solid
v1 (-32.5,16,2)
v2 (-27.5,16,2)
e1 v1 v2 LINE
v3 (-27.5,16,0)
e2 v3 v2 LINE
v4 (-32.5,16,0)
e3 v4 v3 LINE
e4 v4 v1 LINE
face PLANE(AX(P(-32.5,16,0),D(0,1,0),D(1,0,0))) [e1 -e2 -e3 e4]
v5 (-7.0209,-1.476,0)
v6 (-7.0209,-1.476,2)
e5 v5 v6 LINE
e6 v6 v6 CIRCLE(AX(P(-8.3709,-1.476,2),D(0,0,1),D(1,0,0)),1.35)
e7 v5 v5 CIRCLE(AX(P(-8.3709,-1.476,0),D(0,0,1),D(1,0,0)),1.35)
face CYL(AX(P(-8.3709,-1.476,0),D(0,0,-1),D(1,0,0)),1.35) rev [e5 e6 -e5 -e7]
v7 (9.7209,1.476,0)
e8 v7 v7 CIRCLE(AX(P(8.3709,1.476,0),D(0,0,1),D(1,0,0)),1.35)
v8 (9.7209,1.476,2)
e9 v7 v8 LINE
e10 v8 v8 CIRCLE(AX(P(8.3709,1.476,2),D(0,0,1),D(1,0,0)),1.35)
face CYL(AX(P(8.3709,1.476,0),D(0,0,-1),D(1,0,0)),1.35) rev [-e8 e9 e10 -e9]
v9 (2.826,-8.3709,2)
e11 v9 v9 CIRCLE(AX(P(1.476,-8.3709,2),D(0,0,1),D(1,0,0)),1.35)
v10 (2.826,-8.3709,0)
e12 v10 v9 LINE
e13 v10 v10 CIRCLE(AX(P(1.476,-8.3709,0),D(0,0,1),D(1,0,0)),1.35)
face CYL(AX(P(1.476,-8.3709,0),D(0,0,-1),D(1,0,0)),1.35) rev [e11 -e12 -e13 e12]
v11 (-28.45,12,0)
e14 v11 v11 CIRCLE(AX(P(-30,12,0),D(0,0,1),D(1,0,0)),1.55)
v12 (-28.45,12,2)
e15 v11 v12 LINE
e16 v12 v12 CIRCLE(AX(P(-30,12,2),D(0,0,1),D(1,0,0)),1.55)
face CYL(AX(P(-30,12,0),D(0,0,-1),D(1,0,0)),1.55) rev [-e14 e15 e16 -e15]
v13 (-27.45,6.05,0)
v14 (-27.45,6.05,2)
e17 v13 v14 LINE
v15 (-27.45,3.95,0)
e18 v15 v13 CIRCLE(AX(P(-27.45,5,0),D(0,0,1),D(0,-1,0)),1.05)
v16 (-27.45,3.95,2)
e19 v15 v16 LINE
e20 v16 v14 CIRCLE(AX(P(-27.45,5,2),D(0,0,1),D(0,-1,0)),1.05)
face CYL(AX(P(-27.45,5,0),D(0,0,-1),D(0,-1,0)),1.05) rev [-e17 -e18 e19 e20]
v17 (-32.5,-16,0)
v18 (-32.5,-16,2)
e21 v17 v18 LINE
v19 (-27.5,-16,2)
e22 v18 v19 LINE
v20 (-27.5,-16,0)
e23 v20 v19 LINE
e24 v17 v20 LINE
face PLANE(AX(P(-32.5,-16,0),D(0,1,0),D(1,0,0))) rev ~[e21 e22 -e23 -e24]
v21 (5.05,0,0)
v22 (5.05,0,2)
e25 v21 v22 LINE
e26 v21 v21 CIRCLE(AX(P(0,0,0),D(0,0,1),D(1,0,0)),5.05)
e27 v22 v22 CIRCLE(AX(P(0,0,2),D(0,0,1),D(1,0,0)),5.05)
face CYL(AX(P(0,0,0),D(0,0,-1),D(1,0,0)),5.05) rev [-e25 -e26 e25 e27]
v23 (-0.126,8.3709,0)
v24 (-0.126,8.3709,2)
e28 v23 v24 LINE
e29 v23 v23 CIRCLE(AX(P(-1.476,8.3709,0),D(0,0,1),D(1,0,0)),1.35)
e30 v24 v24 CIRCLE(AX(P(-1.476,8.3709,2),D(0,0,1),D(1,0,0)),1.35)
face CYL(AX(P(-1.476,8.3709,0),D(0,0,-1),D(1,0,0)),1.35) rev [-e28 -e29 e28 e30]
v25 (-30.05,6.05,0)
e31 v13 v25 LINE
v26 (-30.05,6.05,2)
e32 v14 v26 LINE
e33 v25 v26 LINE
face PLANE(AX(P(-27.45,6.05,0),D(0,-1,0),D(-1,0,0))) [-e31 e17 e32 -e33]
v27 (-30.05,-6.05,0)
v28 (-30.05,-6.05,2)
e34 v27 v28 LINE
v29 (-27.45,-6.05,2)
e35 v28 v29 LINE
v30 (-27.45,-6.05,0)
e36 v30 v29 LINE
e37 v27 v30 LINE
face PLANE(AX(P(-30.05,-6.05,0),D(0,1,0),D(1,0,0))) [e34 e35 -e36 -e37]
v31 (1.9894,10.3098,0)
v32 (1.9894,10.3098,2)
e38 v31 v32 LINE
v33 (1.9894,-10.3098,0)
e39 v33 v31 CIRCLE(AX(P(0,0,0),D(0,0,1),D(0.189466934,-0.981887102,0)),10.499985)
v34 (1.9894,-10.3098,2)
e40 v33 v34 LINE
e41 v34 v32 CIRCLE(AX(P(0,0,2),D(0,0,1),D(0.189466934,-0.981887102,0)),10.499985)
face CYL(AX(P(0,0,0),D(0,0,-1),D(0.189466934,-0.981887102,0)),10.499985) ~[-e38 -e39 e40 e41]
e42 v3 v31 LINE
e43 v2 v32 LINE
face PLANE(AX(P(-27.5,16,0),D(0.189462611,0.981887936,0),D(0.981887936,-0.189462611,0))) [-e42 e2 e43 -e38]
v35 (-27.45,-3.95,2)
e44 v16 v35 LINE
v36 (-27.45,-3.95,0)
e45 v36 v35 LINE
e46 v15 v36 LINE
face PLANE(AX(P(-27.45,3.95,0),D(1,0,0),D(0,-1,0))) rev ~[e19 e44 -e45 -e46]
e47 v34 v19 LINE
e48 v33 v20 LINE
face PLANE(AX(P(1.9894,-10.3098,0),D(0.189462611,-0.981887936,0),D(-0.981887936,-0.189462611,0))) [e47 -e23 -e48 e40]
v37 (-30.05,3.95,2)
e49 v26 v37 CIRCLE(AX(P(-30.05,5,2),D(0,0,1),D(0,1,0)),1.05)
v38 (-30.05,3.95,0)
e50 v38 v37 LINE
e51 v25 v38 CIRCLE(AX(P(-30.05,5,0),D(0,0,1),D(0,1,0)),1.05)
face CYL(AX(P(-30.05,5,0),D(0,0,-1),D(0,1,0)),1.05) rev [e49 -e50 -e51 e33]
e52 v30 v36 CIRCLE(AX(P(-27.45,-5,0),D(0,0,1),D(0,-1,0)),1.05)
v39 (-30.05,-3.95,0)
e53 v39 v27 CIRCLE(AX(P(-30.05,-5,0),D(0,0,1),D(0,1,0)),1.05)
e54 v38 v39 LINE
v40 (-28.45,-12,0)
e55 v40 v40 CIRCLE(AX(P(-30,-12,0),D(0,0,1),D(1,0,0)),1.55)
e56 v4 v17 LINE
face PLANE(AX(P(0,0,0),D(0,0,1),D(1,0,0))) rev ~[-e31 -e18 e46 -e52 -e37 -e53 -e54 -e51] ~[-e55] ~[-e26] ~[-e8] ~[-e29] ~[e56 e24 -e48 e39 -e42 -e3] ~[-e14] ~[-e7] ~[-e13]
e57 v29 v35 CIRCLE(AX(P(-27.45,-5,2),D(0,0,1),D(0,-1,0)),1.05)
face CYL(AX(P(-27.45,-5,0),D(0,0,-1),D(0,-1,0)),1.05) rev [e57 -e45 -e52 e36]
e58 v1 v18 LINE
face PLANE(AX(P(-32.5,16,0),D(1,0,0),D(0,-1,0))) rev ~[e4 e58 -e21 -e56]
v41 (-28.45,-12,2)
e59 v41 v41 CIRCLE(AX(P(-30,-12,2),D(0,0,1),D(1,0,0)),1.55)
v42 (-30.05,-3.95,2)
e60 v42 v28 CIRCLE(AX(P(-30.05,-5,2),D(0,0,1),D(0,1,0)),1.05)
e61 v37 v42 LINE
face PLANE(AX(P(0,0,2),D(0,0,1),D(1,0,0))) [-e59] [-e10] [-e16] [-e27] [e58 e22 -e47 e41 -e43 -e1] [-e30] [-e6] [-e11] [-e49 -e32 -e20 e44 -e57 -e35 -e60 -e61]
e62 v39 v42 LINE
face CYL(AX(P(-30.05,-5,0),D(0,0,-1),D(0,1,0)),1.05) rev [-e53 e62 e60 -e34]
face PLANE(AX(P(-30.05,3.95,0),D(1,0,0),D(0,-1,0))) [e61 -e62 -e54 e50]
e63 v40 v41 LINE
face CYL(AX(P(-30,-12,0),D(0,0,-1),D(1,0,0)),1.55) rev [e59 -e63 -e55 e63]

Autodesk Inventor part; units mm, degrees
ref_plane "YZ Plane" through (0, 0, 0) normal (1, 0, 0) x (0, 1, 0)
ref_plane "XZ Plane" through (0, 0, 0) normal (0, 1, 0) x (-1, 0, 0)
ref_plane "XY Plane" through (0, 0, 0) normal (0, 0, 1) x (1, 0, 0)
sketch "スケッチ1" plane through (0, 0, 0) normal (0, 0, 1) x (1, 0, 0)
  circle A0 centre (-1.476, 8.3709) radius 1.35
  circle A1 centre (0, 0) radius 5.05
  line L0 (-30, 6) -> (-27.5, 6) construction
  line L1 (-27.5, 6) -> (-27.5, -6) construction
  line L2 (-27.5, -6) -> (-30, -6) construction
  line L3 (-30, -6) -> (-30, 6) construction
  line L4 (-27.45, 6.05) -> (-30.05, 6.05) construction
  line L5 (-30.05, 6.05) -> (-30.05, -6.05) construction
  line L6 (-30.05, -6.05) -> (-27.45, -6.05) construction
  line L7 (-27.45, -6.05) -> (-27.45, 6.05) construction
  circle A2 centre (-30.05, 5) radius 1.05 construction
  line L8 (-27.45, 6.05) -> (-30.05, 6.05)
  arc A3 (-30.05, 6.05) -> (-30.05, 3.95) centre (-30.05, 5) ccw
  line L9 (-30.05, 3.95) -> (-30.05, -3.95)
  line L10 (-28.75, 6.05) -> (-28.75, -6.05) construction
  line L11 (-30.05, 0) -> (-27.5, 0) construction
  arc A4 (-30.05, -3.95) -> (-30.05, -6.05) centre (-30.05, -5) ccw
  line L12 (-30.05, -6.05) -> (-27.45, -6.05)
  line L13 (-27.45, 3.95) -> (-27.45, -3.95)
  arc A5 (-27.45, 3.95) -> (-27.45, 6.05) centre (-27.45, 5) ccw
  arc A6 (-27.45, -6.05) -> (-27.45, -3.95) centre (-27.45, -5) ccw
  circle A7 centre (-30, 12) radius 1.55
  circle A8 centre (-30, -12) radius 1.55
  line L14 (-32.5, 16) -> (-27.5, 16)
  line L15 (-32.5, -16) -> (-27.5, -16)
  arc A9 (1.9894, -10.3098) -> (1.9894, 10.3098) centre (0, 0) ccw
  line L16 (-32.5, 16) -> (-32.5, -16)
  line L17 (-27.5, 16) -> (1.9894, 10.3098)
  line L18 (1.9894, -10.3098) -> (-27.5, -16)
  line L19 (-1.476, 8.3709) -> (0, 0) construction
  line L20 (0, 10.6937) -> (0, -10.6937) construction
  circle A10 centre (-8.3709, -1.476) radius 1.35
  circle A11 centre (1.476, -8.3709) radius 1.35
  circle A12 centre (8.3709, 1.476) radius 1.35
  point P0 (-28.775, 0)
  dimension "d29" = 2.1
  dimension "d4" = 2.7
  dimension "d9" = 10.1
  dimension "d10" = 2.5
  dimension "d30" = 0.05
  dimension "d31" = 6
  dimension "d33" = 3.1
  dimension "d57" = 32
  dimension "d61" = 32.5
  dimension "d62" = 5
  dimension "d63" = 2.5
  dimension "d65" = 10
  dimension "d66" = 10.5
  dimension "d67" = 8.5
  dimension "d69" = 10
  dimension "d72" = 360
extrude "押し出し1" add sketch "スケッチ1" along normal blind 2
equation "\"d23\" = 7"
properties part number "Shoulder_side_frame" material "アルミニウム 2014-T4"
